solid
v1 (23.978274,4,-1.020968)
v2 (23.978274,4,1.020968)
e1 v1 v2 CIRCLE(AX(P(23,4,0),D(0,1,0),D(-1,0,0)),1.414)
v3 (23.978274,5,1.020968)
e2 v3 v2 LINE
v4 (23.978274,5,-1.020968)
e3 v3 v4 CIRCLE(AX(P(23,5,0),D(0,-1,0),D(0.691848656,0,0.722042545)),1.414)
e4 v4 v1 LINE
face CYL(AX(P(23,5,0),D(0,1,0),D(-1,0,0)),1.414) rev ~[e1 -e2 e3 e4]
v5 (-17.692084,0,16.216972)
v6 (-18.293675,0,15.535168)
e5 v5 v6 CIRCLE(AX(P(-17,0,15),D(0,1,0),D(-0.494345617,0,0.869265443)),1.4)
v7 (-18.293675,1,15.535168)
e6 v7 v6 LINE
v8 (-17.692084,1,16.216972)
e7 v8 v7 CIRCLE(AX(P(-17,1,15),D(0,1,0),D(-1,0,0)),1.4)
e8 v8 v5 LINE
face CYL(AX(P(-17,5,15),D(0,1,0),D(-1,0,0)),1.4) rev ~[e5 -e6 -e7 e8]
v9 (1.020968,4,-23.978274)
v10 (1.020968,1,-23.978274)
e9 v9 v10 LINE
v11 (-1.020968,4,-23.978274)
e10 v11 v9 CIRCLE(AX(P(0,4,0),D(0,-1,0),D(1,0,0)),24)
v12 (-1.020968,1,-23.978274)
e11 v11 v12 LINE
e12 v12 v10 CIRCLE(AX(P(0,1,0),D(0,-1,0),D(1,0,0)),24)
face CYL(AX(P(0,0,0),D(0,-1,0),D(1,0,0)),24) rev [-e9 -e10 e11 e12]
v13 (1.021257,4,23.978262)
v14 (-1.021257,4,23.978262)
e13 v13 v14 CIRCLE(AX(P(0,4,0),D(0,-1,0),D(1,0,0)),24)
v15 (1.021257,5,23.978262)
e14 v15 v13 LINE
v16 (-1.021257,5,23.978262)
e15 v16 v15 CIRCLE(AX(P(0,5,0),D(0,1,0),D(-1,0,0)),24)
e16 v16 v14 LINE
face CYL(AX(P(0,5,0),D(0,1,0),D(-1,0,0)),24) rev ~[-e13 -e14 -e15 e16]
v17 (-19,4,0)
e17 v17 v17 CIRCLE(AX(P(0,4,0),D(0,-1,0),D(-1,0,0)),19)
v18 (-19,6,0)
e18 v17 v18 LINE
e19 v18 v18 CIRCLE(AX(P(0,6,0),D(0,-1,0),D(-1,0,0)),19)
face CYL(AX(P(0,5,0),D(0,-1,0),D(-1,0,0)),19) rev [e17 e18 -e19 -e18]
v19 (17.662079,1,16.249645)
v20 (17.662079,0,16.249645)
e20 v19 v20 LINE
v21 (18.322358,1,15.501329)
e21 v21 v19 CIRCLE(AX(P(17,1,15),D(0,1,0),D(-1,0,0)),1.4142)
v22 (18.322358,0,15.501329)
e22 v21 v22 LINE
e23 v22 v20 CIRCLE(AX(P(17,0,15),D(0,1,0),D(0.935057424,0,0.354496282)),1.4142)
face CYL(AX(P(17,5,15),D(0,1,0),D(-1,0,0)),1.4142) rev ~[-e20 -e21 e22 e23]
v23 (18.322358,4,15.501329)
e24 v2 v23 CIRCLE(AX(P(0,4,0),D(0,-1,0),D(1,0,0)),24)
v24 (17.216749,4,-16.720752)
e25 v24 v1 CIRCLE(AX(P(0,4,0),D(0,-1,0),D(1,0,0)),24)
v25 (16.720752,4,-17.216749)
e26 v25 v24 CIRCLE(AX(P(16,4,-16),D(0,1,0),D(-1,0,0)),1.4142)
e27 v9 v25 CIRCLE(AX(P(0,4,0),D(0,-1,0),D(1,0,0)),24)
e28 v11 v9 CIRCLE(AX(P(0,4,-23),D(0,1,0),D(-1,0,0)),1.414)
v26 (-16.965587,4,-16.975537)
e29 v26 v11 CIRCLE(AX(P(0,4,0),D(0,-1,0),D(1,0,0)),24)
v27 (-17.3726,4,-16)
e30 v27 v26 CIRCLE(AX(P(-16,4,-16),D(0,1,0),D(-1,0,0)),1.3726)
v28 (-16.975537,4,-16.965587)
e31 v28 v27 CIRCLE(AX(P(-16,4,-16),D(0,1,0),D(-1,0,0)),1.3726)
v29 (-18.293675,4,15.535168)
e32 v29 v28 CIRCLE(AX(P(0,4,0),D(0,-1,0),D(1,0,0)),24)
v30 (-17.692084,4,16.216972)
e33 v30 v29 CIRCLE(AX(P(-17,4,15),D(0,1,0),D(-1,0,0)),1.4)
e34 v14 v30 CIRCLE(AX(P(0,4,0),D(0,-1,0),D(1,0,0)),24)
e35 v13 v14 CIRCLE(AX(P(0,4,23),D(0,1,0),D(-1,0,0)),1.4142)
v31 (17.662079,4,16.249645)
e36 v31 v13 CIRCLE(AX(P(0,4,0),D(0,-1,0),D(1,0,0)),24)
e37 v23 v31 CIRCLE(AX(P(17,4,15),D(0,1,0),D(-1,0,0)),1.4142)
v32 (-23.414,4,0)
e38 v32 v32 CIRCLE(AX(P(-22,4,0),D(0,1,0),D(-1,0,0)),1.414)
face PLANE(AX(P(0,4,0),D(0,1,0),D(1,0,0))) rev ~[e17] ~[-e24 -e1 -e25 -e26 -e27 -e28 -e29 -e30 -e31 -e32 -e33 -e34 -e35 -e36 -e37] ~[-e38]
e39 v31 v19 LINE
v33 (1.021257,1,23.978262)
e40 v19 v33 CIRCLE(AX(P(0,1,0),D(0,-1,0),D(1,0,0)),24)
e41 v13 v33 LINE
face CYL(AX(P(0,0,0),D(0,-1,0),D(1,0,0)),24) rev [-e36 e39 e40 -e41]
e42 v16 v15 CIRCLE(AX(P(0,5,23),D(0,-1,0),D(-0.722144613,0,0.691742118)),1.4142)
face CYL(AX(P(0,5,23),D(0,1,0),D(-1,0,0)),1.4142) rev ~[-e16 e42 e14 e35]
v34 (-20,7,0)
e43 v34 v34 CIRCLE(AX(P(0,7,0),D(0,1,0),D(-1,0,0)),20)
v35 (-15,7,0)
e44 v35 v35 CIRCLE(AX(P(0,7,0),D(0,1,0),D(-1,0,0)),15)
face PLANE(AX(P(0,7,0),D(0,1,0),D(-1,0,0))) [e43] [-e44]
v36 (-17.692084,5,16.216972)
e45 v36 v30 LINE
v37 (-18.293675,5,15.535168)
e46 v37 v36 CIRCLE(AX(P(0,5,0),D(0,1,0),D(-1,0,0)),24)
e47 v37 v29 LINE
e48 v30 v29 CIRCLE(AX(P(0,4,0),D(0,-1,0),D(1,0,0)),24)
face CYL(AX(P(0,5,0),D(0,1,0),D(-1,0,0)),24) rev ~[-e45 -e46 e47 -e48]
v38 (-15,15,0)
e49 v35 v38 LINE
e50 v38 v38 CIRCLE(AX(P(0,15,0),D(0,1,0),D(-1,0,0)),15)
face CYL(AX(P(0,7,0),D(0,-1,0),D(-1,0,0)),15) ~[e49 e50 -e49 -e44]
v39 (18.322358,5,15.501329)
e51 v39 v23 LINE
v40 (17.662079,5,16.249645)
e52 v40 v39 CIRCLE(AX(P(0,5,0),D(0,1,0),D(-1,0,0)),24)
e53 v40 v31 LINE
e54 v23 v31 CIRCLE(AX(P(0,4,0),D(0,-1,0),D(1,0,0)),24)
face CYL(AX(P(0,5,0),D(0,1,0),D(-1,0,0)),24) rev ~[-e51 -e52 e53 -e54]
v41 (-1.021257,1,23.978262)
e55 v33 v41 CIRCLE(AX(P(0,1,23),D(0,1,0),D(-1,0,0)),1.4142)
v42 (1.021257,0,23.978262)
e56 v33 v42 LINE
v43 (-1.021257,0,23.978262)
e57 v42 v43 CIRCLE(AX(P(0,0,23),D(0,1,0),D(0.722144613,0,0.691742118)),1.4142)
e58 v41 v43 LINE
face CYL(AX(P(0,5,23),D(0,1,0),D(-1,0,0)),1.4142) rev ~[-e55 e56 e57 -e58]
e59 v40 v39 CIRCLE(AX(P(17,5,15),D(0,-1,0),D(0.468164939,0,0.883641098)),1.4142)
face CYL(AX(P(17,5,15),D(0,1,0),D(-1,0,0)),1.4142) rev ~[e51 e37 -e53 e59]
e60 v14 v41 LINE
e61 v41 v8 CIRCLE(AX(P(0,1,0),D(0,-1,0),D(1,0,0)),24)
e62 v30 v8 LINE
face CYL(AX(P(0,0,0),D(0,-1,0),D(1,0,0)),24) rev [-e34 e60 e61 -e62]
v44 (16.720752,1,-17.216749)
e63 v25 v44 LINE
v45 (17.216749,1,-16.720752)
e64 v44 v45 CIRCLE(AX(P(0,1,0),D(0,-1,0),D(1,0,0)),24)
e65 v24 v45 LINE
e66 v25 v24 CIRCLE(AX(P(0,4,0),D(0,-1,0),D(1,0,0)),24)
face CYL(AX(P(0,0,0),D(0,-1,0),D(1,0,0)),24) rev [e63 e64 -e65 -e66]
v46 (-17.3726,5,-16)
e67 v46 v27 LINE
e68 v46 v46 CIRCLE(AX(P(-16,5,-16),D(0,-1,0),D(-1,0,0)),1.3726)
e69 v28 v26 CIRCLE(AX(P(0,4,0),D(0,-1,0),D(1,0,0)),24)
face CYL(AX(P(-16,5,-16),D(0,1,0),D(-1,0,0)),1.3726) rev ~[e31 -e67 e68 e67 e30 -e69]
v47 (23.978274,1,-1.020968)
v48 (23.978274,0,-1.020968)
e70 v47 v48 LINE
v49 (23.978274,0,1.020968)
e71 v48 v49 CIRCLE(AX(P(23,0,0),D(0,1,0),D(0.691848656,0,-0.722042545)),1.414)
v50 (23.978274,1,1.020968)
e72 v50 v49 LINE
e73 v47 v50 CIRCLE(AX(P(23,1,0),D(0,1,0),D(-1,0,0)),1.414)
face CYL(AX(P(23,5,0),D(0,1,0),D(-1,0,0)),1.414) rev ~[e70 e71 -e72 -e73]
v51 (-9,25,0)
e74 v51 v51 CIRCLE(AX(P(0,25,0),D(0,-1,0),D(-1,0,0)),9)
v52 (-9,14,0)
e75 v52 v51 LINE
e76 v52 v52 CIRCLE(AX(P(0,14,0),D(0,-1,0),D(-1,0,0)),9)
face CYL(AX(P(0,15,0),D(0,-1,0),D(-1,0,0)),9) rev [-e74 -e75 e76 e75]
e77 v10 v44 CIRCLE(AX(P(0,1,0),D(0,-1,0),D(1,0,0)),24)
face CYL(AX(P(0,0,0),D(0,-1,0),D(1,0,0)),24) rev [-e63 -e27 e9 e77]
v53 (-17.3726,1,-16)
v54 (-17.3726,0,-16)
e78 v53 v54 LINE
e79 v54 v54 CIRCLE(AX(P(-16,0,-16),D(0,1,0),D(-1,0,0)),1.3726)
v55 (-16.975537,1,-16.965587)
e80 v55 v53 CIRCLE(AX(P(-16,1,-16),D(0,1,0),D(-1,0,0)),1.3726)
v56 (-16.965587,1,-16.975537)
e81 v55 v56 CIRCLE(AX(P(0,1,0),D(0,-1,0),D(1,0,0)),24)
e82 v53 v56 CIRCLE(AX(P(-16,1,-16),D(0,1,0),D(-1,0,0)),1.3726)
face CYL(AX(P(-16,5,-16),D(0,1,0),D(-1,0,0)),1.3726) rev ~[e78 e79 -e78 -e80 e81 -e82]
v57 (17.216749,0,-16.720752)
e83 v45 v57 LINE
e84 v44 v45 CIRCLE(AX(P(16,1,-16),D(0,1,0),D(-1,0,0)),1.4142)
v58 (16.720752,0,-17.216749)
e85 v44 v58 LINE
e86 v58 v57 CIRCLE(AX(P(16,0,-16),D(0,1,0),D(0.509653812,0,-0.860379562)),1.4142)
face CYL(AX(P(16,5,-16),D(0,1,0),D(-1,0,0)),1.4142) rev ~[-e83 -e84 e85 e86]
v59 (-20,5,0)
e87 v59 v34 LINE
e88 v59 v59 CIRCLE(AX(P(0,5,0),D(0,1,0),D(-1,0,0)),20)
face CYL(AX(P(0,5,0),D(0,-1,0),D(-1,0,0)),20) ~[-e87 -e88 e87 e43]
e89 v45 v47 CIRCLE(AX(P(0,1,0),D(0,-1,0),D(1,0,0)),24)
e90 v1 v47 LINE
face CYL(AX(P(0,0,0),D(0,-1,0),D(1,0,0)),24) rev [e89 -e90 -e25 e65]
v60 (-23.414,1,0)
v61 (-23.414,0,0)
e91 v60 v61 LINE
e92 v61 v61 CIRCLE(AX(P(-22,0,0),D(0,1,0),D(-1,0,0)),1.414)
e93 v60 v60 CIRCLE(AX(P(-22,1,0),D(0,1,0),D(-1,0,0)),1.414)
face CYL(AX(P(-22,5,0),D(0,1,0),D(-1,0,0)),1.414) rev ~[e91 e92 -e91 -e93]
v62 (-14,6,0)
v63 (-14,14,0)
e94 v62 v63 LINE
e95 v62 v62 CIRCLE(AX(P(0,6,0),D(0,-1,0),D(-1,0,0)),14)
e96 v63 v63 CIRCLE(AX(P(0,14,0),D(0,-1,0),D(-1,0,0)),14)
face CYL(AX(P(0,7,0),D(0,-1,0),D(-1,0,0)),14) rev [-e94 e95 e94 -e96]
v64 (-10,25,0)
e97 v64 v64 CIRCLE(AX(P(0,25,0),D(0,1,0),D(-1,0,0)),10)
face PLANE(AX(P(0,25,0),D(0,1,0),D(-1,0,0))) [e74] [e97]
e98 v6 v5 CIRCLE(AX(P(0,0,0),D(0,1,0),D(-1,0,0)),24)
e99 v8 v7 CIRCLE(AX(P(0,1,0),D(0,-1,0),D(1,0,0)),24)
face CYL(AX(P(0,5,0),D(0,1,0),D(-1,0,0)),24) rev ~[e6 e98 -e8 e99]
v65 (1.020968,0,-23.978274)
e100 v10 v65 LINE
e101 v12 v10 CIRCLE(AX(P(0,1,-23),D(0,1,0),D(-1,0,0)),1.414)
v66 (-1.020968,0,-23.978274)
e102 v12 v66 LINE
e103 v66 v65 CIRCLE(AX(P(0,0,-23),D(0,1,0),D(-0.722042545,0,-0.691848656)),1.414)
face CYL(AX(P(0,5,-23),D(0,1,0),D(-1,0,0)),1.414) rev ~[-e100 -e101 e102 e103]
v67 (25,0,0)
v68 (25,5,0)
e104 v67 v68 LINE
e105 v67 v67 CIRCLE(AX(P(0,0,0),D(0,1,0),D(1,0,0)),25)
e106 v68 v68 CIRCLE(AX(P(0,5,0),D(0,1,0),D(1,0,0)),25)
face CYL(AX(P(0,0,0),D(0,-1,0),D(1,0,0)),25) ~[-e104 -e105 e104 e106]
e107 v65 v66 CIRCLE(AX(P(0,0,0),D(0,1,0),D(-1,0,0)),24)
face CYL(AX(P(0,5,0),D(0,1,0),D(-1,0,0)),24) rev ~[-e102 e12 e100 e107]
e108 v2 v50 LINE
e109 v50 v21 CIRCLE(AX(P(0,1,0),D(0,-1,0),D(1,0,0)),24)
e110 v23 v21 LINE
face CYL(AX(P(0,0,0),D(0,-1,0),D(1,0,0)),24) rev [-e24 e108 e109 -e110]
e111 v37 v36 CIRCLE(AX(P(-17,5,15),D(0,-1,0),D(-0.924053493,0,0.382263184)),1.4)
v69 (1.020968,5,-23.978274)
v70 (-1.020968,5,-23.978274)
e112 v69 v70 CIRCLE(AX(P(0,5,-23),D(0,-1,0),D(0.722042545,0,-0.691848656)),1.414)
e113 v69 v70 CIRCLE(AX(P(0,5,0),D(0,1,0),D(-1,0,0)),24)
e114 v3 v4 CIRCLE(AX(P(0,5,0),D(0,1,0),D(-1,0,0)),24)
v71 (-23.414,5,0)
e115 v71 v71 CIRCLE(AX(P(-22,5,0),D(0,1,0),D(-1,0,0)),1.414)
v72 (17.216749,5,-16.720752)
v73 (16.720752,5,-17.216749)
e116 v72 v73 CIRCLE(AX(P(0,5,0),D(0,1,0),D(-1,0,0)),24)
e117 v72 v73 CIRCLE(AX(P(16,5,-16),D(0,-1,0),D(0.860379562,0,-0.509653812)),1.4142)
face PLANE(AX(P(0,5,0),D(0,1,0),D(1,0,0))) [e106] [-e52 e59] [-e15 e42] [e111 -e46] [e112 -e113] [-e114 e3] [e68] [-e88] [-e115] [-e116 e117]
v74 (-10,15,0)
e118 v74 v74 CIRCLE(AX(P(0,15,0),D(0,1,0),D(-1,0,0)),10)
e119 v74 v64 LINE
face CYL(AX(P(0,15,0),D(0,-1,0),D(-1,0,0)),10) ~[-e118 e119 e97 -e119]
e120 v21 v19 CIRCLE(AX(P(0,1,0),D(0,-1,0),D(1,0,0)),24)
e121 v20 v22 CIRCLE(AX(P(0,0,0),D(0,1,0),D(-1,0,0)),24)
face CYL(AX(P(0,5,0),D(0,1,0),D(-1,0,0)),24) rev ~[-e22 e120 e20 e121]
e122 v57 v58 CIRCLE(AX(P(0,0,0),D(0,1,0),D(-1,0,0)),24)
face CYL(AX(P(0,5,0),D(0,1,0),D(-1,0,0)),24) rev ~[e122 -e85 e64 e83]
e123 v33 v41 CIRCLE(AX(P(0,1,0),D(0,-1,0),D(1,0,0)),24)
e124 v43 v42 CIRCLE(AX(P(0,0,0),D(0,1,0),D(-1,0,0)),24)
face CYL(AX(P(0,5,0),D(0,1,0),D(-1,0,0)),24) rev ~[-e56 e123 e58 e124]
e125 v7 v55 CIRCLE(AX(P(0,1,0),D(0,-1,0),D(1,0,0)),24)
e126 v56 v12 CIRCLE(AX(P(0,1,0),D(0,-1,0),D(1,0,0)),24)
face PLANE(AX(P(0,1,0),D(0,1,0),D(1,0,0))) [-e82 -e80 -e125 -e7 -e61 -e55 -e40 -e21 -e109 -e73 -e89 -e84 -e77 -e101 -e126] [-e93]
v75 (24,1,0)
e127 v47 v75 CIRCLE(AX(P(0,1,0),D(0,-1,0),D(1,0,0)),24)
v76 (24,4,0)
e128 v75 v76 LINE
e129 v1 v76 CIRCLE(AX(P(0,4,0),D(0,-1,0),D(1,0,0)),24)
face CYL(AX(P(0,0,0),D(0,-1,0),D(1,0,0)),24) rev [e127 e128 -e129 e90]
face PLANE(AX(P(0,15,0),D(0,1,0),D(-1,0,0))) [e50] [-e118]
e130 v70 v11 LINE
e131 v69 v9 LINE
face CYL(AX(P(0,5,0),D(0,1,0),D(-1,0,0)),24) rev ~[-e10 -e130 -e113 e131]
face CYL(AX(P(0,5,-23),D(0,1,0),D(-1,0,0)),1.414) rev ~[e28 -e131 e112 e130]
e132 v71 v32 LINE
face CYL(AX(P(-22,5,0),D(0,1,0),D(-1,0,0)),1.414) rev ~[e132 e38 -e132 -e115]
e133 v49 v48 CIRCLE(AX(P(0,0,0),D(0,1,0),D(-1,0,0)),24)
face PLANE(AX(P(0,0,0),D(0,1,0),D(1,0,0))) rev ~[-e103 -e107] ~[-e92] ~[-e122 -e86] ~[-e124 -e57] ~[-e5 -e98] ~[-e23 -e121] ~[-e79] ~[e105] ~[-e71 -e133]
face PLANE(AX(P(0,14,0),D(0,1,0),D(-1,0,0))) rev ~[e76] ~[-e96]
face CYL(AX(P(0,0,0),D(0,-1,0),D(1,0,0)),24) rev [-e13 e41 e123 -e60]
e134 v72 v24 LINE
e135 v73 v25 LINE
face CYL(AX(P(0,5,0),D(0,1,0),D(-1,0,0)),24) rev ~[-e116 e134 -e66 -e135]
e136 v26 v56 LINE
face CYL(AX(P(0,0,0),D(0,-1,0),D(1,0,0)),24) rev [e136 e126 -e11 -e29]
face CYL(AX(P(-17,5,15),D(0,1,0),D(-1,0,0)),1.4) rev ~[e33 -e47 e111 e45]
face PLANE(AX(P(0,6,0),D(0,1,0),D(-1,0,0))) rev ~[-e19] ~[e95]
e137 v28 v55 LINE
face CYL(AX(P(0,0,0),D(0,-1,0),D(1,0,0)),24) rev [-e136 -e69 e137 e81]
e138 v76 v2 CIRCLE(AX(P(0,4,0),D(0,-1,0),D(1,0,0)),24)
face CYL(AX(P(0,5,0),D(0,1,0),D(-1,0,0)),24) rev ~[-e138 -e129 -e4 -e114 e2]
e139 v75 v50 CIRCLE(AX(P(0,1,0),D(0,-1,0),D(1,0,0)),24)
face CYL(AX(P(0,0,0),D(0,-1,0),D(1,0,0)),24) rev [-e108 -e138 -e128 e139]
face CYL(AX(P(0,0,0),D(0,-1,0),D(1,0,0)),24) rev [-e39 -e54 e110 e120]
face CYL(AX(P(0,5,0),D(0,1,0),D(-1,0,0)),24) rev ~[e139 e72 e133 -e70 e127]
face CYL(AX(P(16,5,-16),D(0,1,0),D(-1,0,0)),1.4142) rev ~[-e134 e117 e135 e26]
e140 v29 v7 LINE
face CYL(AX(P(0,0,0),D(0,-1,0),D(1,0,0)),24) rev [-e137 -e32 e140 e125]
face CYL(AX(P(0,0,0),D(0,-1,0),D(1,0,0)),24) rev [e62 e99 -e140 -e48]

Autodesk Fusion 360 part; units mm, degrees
sketch "Sketch1" plane through (0, 0, 0) normal (0, 1, 0) x (1, 0, 0)
  circle A0 centre (0, 0) radius 25
  circle A1 centre (0.1317, -22.5832) radius 1.214
  circle A2 centre (20, 0) radius 1.7262
extrude "Extrude1" add sketch "Sketch1" along normal blind 5 contours A0 | A1 | A2
sketch "Sketch2" plane through (0, 5, 0) normal (0, 1, 0) x (-1, 0, 0)
  circle A0 centre (0, 0) radius 25
  circle A1 centre (0, 0) radius 20
extrude "Extrude2" add sketch "Sketch2" along normal blind 2 contours A1
sketch "Sketch3" plane through (0, 7, 0) normal (0, 1, 0) x (-1, 0, 0)
  circle A0 centre (0, 0) radius 20
  circle A1 centre (0, 0) radius 15
extrude "Extrude3" add sketch "Sketch3" along normal blind 8 contours A1
sketch "Sketch4" plane through (0, 15, 0) normal (0, 1, 0) x (-1, 0, 0)
  circle A0 centre (0, 0) radius 15
  circle A1 centre (0, 0) radius 10
extrude "Extrude4" add sketch "Sketch4" along normal blind 10 contours A1
shell "Shell1" thickness 1 removed faces 1 at (-2.3712, 25, -3.5556)
sketch "Sketch5" plane through (0, 5, 0) normal (0, 1, 0) x (-1, 0, 0)
  circle A0 centre (0, 0) radius 20
  circle A1 centre (0, 0) radius 25
  circle A2 centre (0, 23) radius 1.4142
  circle A3 centre (-23, 0) radius 1.414
  circle A4 centre (0, -23) radius 1.414
  circle A5 centre (22, 0) radius 1.414
  circle A6 centre (-17, 15) radius 1.4142
  circle A7 centre (17, 15) radius 1.4
  circle A8 centre (16, -16) radius 1.3726
  circle A9 centre (0, 0) radius 24
  circle A10 centre (-16, -16) radius 1.4142
  line L0 (75, 30) -> (75, -30)
  line L1 (80, 20) -> (80, 0)
  line L2 (80, 0) -> (105, 0)
  line L3 (105, 0) -> (105, 5)
  line L4 (105, 5) -> (90, 5)
  line L5 (90, 5) -> (90, 7)
  line L6 (85, 7) -> (85, 20)
  line L7 (85, 20) -> (80, 20)
  line L8 (85, 7) -> (90, 7)
  dimension "d10" = 2.828
  dimension "d11" = 2.828
  dimension "d12" = 2.828
  dimension "d13" = 2.8
extrude "Extrude5" cut sketch "Sketch5" against normal blind 5 contours A2 A9 | A8 | A7 A9 | A6 A9 | A3 A9 | A4 A9 | A9 A10 | A5 picked at (-0.0096, 23.1937) picked at (17.3227, 15.2673) picked at (-17.3125, 15.2713) picked at (-23.1937, 0) picked at (-0.0096, -23.1938) picked at (-16.2973, -16.3307)
